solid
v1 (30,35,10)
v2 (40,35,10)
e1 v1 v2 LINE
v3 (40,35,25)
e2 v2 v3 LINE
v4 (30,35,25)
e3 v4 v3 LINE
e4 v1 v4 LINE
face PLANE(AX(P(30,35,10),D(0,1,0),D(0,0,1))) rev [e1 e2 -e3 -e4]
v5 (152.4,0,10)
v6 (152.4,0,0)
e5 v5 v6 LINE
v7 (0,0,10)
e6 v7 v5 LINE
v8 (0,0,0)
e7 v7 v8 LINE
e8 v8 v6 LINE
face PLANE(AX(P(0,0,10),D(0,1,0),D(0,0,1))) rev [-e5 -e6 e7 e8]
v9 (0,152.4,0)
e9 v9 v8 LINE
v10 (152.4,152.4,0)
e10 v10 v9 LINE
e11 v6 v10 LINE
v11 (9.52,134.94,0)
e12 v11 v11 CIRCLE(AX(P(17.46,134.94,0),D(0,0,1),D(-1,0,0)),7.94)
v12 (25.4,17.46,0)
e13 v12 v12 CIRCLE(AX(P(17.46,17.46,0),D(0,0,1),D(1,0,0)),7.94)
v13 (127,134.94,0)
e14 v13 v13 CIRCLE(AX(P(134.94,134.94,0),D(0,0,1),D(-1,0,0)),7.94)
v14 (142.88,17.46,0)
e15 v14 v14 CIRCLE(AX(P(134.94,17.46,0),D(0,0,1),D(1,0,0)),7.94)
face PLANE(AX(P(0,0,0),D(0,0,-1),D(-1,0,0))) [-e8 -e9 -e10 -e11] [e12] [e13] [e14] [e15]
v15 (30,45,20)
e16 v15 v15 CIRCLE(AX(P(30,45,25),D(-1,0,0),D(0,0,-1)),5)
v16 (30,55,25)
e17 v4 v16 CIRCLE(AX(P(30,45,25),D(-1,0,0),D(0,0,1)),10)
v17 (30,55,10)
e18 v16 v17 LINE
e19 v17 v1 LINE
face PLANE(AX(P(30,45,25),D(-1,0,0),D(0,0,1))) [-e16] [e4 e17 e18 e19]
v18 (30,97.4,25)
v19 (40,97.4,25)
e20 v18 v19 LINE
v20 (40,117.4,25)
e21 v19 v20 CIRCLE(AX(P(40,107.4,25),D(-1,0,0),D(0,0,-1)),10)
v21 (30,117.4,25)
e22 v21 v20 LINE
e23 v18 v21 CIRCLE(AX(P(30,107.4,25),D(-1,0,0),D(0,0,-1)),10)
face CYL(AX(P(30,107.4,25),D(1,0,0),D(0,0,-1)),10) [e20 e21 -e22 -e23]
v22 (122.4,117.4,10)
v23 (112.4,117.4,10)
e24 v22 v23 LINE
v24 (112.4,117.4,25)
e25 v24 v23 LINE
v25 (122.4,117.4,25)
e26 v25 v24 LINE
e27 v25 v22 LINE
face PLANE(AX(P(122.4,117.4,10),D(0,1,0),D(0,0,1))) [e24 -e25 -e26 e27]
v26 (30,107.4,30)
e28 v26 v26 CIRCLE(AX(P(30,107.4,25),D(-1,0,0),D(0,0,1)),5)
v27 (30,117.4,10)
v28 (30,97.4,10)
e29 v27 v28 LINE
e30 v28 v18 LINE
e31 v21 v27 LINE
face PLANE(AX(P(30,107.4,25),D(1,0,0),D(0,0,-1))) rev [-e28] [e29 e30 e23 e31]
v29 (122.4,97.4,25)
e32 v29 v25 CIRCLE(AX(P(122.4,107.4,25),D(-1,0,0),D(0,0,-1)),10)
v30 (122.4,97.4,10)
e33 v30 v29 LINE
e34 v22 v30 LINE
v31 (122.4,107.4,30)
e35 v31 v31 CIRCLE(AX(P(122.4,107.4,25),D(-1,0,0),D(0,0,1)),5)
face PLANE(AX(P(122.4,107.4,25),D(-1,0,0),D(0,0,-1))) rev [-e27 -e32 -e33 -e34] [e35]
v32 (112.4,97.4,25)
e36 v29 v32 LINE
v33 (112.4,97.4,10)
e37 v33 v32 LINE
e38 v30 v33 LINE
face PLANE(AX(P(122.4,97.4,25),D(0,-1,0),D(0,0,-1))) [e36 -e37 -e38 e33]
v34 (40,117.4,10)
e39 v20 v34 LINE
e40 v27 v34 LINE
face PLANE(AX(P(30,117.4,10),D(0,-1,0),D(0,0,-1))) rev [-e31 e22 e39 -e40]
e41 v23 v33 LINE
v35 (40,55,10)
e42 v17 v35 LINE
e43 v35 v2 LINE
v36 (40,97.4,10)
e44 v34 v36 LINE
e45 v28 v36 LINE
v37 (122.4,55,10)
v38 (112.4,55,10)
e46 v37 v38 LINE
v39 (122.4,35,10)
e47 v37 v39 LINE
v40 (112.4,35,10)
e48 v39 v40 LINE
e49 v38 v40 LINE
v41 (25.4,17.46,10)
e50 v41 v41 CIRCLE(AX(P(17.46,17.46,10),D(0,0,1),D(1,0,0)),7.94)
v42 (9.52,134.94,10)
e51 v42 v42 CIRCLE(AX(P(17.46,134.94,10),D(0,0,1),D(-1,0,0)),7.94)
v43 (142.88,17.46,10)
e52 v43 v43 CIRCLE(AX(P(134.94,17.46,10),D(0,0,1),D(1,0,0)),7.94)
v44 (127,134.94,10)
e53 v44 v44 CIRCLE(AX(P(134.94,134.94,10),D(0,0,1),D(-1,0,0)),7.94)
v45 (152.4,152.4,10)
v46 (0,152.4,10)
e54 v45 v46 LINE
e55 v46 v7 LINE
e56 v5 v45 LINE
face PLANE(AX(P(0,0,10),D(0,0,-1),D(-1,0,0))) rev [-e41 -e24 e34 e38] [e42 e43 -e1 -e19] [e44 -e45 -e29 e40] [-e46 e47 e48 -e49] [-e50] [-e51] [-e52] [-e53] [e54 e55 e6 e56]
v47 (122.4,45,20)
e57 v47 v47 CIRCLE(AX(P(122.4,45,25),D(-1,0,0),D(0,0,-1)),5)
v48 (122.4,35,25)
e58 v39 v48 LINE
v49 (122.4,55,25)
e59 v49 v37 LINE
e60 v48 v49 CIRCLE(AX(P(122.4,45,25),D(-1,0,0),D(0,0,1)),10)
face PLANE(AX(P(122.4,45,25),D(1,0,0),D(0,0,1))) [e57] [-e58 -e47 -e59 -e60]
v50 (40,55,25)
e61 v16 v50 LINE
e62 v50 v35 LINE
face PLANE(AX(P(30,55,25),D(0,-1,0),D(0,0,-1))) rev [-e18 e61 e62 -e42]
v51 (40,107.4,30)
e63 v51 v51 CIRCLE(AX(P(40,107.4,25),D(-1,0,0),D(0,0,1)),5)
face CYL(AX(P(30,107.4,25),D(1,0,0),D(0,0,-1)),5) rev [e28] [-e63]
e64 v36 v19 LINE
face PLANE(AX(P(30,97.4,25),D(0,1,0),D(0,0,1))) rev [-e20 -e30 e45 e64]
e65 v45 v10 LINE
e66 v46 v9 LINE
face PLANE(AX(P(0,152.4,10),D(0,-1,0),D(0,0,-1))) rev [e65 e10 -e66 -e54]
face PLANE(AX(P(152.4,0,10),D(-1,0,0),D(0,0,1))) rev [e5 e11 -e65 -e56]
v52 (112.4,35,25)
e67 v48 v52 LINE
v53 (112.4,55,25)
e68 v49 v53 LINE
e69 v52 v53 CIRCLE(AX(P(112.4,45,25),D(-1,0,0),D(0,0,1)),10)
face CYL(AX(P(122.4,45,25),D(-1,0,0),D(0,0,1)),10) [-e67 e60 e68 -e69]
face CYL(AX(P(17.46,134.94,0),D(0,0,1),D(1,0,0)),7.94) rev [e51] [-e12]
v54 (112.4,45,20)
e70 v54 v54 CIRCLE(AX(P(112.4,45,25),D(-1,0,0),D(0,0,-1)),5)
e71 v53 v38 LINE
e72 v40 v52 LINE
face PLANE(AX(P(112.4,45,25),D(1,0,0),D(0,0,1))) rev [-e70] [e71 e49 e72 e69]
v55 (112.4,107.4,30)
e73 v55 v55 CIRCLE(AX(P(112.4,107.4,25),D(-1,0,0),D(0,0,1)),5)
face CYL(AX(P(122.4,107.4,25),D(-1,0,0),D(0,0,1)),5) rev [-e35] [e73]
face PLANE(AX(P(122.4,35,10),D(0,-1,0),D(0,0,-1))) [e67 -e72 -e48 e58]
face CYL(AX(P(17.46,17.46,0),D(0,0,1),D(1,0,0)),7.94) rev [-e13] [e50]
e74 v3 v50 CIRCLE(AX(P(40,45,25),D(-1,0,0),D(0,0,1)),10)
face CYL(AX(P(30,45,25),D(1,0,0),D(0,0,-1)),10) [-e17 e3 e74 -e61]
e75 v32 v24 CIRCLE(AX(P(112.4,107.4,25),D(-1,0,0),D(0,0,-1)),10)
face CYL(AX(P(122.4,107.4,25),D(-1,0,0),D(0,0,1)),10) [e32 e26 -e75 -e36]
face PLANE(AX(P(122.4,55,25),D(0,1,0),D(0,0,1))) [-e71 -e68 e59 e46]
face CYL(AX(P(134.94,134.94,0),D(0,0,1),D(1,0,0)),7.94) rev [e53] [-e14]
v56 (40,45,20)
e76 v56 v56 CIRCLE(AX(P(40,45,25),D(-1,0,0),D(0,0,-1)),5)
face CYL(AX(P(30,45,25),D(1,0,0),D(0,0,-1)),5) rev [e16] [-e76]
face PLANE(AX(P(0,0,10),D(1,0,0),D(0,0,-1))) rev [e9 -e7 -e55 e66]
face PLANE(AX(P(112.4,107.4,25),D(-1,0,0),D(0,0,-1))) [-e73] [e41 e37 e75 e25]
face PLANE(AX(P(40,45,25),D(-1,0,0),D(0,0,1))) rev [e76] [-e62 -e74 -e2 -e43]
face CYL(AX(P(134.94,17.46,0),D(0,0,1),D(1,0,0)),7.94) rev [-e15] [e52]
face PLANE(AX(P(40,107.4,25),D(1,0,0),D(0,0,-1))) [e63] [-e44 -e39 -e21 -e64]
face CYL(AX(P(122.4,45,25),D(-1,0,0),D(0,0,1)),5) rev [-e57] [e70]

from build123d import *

# Parameters (mm, degrees)
CROQUIS1_W              = 152.4
CROQUIS1_H              = 152.4
SALIENTE_EXTRUIR1_DEPTH = 10
CROQUIS2_R              = 7.94
CORTAR_EXTRUIR1_DEPTH   = 216.758012597
CROQUIS4_R              = 5
SALIENTE_EXTRUIR2_DEPTH = 10


with BuildPart() as part:
    # Croquis1 → Saliente-Extruir1 (new body)
    with BuildSketch(Plane.XY):
        with Locations((76.2, 76.2)):
            Rectangle(CROQUIS1_W, CROQUIS1_H)
    extrude(amount=SALIENTE_EXTRUIR1_DEPTH)

    # Croquis2 → Cortar-Extruir1 (cut, through all)
    with BuildSketch(Plane.XY.offset(10)):
        with Locations((134.94, 17.46)):
            Circle(CROQUIS2_R)
        with Locations((17.46, 17.46)):
            Circle(CROQUIS2_R)
        with Locations(Location((134.94, 134.94, 0), (0, 0, 180))):
            Circle(CROQUIS2_R)
        with Locations(Location((17.46, 134.94, 0), (0, 0, 180))):
            Circle(CROQUIS2_R)
    extrude(amount=-CORTAR_EXTRUIR1_DEPTH, mode=Mode.SUBTRACT)

    # Croquis4 → Saliente-Extruir2 (add)
    # profile 1 of 2: a face of its own
    with BuildSketch(Plane.ZY.offset(-40)):
        with BuildLine():
            Line((10, 117.4), (25, 117.4))
            ThreePointArc((25, 117.4), (35, 107.4), (25, 97.4))
            Line((25, 97.4), (10, 97.4))
            Line((10, 97.4), (10, 117.4))
        make_face()
        with Locations((25, 107.4)):
            Circle(CROQUIS4_R, mode=Mode.SUBTRACT)
    # profile 2 of 2: a face of its own
    with BuildSketch(Plane.ZY.offset(-40)):
        with BuildLine():
            Line((25, 55), (10, 55))
            Line((10, 55), (10, 35))
            Line((10, 35), (25, 35))
            ThreePointArc((25, 35), (35, 45), (25, 55))
        make_face()
        with Locations(Location((25, 45, 0), (0, 0, 180))):
            Circle(CROQUIS4_R, mode=Mode.SUBTRACT)
    saliente_extruir2 = extrude(amount=SALIENTE_EXTRUIR2_DEPTH)

    # Simetría1: Saliente-Extruir2 across plane
    add(saliente_extruir2.mirror(Plane.ZY.offset(-76.2)))


solid = part.part
